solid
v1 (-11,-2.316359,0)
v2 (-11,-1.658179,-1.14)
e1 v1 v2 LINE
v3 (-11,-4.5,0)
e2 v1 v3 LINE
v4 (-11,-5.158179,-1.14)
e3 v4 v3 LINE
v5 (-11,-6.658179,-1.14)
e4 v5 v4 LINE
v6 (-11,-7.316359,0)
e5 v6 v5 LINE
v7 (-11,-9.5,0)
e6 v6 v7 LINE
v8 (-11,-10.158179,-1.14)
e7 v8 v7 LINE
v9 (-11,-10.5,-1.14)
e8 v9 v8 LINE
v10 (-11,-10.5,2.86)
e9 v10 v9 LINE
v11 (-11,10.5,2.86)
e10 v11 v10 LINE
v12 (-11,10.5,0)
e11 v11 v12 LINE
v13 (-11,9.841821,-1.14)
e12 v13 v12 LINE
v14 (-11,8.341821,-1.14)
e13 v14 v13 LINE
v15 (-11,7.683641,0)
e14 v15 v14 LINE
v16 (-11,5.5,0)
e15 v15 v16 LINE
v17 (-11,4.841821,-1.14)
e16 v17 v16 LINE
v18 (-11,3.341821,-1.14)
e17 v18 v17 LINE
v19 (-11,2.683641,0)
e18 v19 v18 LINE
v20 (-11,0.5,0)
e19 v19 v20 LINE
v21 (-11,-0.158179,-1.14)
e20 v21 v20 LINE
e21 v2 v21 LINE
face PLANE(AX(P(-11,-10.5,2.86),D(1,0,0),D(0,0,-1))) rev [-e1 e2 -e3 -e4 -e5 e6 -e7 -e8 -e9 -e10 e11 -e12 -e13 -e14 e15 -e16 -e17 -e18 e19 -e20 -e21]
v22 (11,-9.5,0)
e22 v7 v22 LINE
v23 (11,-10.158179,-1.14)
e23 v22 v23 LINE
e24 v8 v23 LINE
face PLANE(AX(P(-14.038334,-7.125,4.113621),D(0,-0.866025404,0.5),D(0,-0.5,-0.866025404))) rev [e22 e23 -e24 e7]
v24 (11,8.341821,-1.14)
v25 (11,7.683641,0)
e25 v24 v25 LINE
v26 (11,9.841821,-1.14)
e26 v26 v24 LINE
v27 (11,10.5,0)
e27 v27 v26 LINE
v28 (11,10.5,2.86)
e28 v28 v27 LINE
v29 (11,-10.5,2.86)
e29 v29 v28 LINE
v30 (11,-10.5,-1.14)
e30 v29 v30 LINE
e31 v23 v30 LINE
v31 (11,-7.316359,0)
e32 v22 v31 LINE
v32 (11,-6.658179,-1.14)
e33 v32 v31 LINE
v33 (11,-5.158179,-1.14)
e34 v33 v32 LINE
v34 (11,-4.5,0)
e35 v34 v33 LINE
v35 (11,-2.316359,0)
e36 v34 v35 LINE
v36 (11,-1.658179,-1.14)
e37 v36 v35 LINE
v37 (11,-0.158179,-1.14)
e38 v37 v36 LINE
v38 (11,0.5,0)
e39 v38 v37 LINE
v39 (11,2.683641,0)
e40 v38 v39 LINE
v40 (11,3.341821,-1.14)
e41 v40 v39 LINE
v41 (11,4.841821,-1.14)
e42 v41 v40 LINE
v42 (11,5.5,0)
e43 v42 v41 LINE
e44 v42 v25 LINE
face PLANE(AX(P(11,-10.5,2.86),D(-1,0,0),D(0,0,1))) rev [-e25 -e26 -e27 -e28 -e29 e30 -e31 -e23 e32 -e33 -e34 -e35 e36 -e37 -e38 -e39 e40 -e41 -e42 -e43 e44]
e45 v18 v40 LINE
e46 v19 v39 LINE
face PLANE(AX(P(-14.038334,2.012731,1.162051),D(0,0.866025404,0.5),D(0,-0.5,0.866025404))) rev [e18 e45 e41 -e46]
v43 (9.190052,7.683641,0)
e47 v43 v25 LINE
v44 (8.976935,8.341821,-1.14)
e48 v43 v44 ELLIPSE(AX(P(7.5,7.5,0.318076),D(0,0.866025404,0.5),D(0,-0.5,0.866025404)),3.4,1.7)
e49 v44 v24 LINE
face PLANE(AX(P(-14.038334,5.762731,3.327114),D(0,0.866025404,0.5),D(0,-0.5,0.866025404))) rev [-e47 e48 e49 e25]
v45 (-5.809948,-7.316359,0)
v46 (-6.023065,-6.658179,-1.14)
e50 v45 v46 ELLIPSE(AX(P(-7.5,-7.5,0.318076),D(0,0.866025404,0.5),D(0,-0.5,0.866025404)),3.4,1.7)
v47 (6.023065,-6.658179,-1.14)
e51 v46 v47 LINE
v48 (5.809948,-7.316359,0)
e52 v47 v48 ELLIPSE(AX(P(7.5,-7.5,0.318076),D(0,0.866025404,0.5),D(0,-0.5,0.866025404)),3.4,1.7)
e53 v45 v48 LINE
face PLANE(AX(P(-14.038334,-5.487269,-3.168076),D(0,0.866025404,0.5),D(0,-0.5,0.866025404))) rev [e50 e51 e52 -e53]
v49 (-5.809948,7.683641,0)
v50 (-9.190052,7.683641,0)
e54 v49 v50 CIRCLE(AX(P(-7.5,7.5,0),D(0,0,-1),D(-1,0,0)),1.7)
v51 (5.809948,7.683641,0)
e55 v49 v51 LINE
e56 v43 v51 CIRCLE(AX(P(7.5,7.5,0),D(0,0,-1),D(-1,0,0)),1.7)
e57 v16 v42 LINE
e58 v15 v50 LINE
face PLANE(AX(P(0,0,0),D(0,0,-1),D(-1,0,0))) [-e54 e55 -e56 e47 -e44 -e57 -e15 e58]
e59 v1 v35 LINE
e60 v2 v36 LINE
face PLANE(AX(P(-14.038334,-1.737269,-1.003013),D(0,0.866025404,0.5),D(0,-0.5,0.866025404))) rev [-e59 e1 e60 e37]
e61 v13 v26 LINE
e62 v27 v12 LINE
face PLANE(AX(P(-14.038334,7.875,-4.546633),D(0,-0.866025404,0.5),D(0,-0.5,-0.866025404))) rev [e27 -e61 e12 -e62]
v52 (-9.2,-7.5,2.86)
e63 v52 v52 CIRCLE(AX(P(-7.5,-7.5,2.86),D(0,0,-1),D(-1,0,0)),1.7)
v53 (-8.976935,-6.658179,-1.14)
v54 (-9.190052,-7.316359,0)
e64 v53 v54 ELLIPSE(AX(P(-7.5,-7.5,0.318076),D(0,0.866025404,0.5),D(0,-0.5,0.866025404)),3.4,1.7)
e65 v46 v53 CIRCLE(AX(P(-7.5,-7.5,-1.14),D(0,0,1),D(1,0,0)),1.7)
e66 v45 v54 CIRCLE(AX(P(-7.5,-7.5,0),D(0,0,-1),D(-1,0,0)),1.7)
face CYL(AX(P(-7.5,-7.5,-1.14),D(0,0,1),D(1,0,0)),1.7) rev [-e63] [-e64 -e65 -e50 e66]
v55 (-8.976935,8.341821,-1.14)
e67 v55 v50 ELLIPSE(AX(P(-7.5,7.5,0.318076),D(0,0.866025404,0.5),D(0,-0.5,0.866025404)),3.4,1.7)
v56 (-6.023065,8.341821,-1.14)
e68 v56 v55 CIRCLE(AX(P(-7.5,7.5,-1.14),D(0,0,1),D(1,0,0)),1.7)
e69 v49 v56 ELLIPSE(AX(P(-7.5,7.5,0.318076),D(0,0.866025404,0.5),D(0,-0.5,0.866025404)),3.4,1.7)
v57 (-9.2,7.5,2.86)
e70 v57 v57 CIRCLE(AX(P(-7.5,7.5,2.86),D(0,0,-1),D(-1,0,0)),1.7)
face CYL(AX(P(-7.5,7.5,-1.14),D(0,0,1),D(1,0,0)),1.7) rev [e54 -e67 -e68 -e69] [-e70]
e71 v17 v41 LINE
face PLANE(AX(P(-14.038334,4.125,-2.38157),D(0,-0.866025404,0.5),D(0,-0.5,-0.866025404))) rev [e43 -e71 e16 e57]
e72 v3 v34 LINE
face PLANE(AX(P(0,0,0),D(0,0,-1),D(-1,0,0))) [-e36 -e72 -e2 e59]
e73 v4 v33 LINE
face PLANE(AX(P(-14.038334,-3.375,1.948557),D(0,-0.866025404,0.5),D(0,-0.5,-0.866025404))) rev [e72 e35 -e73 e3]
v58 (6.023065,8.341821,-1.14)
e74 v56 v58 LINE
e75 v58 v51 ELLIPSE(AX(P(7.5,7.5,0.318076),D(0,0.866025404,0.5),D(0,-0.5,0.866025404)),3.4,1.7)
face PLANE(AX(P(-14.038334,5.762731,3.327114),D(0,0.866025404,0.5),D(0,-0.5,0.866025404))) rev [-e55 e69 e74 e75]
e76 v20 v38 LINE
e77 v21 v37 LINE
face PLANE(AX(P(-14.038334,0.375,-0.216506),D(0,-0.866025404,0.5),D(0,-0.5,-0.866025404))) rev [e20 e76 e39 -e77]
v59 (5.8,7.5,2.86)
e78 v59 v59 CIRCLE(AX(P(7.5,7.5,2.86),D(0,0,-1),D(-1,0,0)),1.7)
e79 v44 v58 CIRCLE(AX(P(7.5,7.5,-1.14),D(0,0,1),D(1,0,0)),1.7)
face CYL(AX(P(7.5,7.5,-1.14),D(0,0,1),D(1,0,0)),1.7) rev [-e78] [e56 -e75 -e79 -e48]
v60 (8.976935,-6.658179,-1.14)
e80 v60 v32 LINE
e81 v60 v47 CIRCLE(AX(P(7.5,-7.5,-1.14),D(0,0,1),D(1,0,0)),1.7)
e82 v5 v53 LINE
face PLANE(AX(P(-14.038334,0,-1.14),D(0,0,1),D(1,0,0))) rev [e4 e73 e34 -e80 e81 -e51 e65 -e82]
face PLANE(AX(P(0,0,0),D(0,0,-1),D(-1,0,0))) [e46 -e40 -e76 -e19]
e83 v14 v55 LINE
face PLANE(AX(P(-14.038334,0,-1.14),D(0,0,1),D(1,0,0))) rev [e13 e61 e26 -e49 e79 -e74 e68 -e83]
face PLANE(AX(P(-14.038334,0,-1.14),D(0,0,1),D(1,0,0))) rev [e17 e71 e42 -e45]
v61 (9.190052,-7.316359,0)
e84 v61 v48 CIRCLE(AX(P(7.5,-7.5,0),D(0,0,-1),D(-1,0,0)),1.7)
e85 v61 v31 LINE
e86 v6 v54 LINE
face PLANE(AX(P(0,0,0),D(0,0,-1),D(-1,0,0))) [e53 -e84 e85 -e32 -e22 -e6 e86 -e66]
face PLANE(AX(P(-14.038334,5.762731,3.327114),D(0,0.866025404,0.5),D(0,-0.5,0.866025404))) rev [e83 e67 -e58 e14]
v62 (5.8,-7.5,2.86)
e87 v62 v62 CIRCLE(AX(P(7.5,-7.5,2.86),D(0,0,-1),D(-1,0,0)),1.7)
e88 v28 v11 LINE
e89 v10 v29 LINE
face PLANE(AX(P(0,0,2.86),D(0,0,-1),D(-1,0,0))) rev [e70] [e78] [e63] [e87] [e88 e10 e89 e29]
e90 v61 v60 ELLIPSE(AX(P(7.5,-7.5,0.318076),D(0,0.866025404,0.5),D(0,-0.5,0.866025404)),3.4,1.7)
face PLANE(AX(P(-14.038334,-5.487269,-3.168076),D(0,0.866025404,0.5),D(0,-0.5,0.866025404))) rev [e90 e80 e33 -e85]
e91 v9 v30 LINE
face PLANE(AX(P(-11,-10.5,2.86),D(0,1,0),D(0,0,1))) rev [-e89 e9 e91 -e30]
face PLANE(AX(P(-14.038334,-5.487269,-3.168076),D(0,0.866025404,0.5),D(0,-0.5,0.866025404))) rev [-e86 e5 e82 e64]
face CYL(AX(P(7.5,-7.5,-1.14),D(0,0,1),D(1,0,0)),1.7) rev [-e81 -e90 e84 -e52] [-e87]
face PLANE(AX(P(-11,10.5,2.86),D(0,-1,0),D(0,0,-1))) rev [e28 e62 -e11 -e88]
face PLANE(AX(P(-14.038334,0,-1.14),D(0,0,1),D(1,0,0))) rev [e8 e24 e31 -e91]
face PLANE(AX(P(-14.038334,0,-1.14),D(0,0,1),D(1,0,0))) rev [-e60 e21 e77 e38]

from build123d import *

# Parameters (mm, degrees)
SKETCH_1_W               = 22
SKETCH_1_H               = 21
EXTRUDE_1_DEPTH          = 2.86
EXTRUDE_2_DEPTH          = 22
CUT_EXTRUDE_1_DEPTH      = 16.724185194
CUT_EXTRUDE_1_DEPTH_BACK = 16.724185194
SKETCH_3_R               = 1.7


with BuildPart() as part:
    # 草图1 → 凸台-拉伸1 (new body)
    with BuildSketch(Plane.XY):
        Rectangle(SKETCH_1_W, SKETCH_1_H)
    extrude(amount=EXTRUDE_1_DEPTH)

    # 草图2 → 凸台-拉伸2 (add)
    with BuildSketch(Plane(origin=(11, 0, 0), x_dir=(0, 0, -1), z_dir=(1, 0, 0))):
        Polygon((1.14, -10.158179307), (0, -9.5), (0, -10.5), (1.14, -10.5), align=None)
        Polygon((1.14, -5.158179307), (0, -4.5), (0, -7.316358614), (1.14, -6.658179307), align=None)
        Polygon((1.14, -0.158179307), (0, 0.5), (0, -2.316358614), (1.14, -1.658179307), align=None)
        Polygon((1.14, 4.841820693), (0, 5.5), (0, 2.683641386), (1.14, 3.341820693), align=None)
        Polygon((1.14, 9.841820693), (0, 10.5), (0, 7.683641386), (1.14, 8.341820693), align=None)
    extrude(amount=-EXTRUDE_2_DEPTH)

    # 草图3 → 切除-拉伸1 (cut, two sides: drawn at the far end of the back side and taken through both)
    with BuildSketch(Plane.XY.offset(2.86).offset(-CUT_EXTRUDE_1_DEPTH_BACK)):
        with Locations(Location((7.5, 7.5, 0), (0, 0, 6.201440198))):
            Circle(SKETCH_3_R)
        with Locations(Location((7.5, -7.5, 0), (0, 0, 6.201440198))):
            Circle(SKETCH_3_R)
        with Locations(Location((-7.5, -7.5, 0), (0, 0, 6.201440198))):
            Circle(SKETCH_3_R)
        with Locations(Location((-7.5, 7.5, 0), (0, 0, 6.201440198))):
            Circle(SKETCH_3_R)
    extrude(amount=CUT_EXTRUDE_1_DEPTH + CUT_EXTRUDE_1_DEPTH_BACK, mode=Mode.SUBTRACT)


solid = part.part
